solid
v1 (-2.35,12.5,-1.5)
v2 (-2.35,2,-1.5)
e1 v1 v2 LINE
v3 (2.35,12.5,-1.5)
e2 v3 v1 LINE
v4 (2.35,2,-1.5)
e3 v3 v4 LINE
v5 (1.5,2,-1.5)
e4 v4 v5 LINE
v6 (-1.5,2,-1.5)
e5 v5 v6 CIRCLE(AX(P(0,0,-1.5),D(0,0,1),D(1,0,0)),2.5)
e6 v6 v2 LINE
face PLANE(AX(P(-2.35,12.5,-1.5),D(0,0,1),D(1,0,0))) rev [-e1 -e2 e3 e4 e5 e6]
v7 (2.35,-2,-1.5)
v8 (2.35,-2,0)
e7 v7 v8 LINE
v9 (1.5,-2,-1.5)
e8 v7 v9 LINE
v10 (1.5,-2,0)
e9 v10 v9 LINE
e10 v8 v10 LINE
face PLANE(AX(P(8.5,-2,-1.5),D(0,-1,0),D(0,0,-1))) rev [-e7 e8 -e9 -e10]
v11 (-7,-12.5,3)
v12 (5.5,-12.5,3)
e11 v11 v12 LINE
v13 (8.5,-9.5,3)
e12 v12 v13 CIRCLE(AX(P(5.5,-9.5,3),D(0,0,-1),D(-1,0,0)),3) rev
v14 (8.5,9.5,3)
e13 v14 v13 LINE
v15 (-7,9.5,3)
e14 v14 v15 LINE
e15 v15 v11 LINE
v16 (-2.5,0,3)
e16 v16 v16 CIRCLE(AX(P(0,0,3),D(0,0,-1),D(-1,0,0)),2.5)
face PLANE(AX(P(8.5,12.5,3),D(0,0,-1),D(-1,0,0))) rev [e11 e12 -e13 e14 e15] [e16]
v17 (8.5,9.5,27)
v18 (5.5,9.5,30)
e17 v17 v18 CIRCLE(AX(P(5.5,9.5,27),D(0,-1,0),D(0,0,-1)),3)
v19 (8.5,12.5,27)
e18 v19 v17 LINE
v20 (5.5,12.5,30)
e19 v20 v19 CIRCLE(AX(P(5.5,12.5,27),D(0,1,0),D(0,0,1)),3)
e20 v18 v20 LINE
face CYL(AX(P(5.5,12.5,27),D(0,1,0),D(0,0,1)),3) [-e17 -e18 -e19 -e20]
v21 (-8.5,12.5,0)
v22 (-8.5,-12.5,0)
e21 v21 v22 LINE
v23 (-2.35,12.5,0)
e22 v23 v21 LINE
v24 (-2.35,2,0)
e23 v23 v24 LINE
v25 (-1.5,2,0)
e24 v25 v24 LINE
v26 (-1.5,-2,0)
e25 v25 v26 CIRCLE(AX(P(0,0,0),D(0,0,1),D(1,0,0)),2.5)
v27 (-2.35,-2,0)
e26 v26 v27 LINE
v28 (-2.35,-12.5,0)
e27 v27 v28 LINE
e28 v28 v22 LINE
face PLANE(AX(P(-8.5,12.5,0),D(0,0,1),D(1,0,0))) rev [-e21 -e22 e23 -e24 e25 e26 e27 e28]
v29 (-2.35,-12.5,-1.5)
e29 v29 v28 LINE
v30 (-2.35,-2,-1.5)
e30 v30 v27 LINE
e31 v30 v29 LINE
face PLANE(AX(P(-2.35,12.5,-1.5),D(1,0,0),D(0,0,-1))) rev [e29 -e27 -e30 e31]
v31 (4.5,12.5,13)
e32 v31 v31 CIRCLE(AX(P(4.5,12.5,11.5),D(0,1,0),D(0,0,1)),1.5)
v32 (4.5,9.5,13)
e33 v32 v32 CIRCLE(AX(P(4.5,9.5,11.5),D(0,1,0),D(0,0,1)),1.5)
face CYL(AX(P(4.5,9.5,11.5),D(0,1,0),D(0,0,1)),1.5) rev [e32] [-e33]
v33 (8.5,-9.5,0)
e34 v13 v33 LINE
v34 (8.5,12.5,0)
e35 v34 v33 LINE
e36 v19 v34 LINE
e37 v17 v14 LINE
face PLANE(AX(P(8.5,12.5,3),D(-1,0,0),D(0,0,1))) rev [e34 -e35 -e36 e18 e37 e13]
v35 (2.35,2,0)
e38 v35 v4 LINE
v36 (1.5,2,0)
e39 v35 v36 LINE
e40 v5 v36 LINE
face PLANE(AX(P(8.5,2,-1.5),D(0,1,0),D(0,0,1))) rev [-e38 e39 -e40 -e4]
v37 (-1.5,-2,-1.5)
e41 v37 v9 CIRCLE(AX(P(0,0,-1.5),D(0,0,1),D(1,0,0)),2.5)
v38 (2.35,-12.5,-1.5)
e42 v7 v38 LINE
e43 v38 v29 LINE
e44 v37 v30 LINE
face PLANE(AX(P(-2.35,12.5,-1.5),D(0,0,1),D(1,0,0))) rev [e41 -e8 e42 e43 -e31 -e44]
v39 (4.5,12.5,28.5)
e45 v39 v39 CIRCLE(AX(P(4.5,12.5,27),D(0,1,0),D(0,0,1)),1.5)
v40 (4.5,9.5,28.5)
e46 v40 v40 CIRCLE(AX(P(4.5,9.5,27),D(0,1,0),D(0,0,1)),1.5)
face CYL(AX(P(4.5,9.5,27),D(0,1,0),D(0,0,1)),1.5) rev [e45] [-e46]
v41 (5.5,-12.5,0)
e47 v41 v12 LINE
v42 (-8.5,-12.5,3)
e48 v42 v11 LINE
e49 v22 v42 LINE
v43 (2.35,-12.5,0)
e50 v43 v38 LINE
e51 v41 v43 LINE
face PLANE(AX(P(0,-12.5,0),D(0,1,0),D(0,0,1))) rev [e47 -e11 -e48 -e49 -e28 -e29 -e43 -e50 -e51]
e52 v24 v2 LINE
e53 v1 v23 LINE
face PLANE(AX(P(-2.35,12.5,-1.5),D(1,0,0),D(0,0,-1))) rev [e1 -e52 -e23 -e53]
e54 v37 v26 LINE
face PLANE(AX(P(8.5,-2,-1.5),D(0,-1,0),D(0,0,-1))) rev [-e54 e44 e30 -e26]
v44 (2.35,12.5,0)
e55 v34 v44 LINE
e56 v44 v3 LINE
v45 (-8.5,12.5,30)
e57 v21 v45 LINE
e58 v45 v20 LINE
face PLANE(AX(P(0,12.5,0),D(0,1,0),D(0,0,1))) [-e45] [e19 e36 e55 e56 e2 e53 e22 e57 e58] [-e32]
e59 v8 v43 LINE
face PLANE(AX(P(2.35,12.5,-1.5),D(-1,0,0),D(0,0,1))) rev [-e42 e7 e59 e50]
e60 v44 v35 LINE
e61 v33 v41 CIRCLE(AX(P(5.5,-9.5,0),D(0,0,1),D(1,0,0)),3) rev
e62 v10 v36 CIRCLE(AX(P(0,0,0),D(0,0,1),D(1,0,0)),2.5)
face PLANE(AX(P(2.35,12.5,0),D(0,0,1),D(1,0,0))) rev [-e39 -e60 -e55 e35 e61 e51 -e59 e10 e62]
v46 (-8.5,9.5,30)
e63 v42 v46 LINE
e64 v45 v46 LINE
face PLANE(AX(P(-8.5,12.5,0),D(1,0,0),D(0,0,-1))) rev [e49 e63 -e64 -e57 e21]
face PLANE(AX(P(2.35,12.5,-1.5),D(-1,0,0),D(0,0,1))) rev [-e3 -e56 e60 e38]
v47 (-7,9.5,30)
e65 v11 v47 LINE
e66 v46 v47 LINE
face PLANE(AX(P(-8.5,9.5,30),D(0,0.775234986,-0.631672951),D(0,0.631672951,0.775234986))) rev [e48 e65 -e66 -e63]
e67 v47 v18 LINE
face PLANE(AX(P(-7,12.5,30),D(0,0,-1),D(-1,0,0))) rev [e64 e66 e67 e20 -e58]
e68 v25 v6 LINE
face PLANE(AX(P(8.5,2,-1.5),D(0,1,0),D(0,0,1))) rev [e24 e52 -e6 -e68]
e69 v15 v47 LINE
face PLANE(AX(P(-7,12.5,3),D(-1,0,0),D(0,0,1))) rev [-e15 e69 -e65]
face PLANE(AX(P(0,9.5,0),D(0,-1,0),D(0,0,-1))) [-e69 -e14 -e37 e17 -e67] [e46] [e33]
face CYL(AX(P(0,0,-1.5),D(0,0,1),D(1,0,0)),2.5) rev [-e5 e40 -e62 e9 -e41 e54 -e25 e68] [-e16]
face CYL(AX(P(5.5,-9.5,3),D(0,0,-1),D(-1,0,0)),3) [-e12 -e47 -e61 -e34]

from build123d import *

# Parameters (mm, degrees)
BOSS_EXTRU_1_DEPTH           = 12.5
ENL_V_MAT_EXTRU_1_DEPTH      = 34.966383385
ENL_V_MAT_EXTRU_1_DEPTH_BACK = 34.966383385
ESQUISSE2_R                  = 2.5
ESQUISSE5_W                  = 1.5
ESQUISSE5_H                  = 4
ENL_V_MAT_EXTRU_3_DEPTH      = 35.263282096
ESQUISSE6_W                  = 17
ESQUISSE6_H                  = 30
ESQUISSE6_R                  = 1.5
BOSS_EXTRU_2_DEPTH           = 3
ENL_V_MAT_EXTRU_4_DEPTH      = 37.006943775
CONG_1_R                     = 3


with BuildPart() as part:
    # Esquisse1 → Boss.-Extru.1 (new, symmetric)
    with BuildSketch(Plane(origin=(0, 0, 0), x_dir=(1, 0, 0), z_dir=(0, 1, 0))):
        Polygon((2.35, 0), (8.5, 0), (8.5, -3), (-7, -3), (-7, -30), (-8.5, -30), (-8.5, 0), (-2.35, 0), (-2.35, 1.5), (2.35, 1.5), align=None)
    extrude(amount=BOSS_EXTRU_1_DEPTH, both=True)

    # Esquisse2 → Enlèv. mat.-Extru.1 (cut, two sides: drawn at the far end of the back side and taken through both)
    with BuildSketch(Plane(origin=(-1.372446517, 0, 0), x_dir=(1, 0, 0), z_dir=(0, 0, 1)).offset(-ENL_V_MAT_EXTRU_1_DEPTH_BACK)):
        with Locations(Location((1.372446517, 0, 0), (0, 0, 340.051556411))):
            Circle(ESQUISSE2_R)
    extrude(amount=ENL_V_MAT_EXTRU_1_DEPTH + ENL_V_MAT_EXTRU_1_DEPTH_BACK, mode=Mode.SUBTRACT)

    # Esquisse5 → Enlèv. mat.-Extru.3 (cut, through all)
    with BuildSketch(Plane.ZY.offset(2.35)):
        with Locations((-0.75, 0)):
            Rectangle(ESQUISSE5_W, ESQUISSE5_H)
    extrude(amount=-ENL_V_MAT_EXTRU_3_DEPTH, mode=Mode.SUBTRACT)

    # Esquisse6 → Boss.-Extru.2 (add)
    with BuildSketch(Plane(origin=(0, 12.5, 0), x_dir=(1, 0, 0), z_dir=(0, 1, 0))):
        with Locations((0, -15)):
            Rectangle(ESQUISSE6_W, ESQUISSE6_H)
        with Locations(Location((4.5, -27, 0), (0, 0, 270))):
            Circle(ESQUISSE6_R, mode=Mode.SUBTRACT)
        with Locations(Location((4.5, -11.5, 0), (0, 0, 270))):
            Circle(ESQUISSE6_R, mode=Mode.SUBTRACT)
    extrude(amount=-BOSS_EXTRU_2_DEPTH)

    # Esquisse7 → Enlèv. mat.-Extru.4 (cut, through all)
    with BuildSketch(Plane(origin=(-7, 0, 0), x_dir=(0, 0, -1), z_dir=(1, 0, 0))):
        Polygon((-30, 9.5), (-3, -12.5), (-30, -12.5), align=None)
    extrude(amount=-ENL_V_MAT_EXTRU_4_DEPTH, mode=Mode.SUBTRACT)

    # Congé1
    cong_1_edges = [part.edges().sort_by_distance(p)[0] for p in [
        (8.5, -12.5, 1.5),
        (8.5, 11, 30),
    ]]
    fillet(cong_1_edges, radius=CONG_1_R)


solid = part.part
